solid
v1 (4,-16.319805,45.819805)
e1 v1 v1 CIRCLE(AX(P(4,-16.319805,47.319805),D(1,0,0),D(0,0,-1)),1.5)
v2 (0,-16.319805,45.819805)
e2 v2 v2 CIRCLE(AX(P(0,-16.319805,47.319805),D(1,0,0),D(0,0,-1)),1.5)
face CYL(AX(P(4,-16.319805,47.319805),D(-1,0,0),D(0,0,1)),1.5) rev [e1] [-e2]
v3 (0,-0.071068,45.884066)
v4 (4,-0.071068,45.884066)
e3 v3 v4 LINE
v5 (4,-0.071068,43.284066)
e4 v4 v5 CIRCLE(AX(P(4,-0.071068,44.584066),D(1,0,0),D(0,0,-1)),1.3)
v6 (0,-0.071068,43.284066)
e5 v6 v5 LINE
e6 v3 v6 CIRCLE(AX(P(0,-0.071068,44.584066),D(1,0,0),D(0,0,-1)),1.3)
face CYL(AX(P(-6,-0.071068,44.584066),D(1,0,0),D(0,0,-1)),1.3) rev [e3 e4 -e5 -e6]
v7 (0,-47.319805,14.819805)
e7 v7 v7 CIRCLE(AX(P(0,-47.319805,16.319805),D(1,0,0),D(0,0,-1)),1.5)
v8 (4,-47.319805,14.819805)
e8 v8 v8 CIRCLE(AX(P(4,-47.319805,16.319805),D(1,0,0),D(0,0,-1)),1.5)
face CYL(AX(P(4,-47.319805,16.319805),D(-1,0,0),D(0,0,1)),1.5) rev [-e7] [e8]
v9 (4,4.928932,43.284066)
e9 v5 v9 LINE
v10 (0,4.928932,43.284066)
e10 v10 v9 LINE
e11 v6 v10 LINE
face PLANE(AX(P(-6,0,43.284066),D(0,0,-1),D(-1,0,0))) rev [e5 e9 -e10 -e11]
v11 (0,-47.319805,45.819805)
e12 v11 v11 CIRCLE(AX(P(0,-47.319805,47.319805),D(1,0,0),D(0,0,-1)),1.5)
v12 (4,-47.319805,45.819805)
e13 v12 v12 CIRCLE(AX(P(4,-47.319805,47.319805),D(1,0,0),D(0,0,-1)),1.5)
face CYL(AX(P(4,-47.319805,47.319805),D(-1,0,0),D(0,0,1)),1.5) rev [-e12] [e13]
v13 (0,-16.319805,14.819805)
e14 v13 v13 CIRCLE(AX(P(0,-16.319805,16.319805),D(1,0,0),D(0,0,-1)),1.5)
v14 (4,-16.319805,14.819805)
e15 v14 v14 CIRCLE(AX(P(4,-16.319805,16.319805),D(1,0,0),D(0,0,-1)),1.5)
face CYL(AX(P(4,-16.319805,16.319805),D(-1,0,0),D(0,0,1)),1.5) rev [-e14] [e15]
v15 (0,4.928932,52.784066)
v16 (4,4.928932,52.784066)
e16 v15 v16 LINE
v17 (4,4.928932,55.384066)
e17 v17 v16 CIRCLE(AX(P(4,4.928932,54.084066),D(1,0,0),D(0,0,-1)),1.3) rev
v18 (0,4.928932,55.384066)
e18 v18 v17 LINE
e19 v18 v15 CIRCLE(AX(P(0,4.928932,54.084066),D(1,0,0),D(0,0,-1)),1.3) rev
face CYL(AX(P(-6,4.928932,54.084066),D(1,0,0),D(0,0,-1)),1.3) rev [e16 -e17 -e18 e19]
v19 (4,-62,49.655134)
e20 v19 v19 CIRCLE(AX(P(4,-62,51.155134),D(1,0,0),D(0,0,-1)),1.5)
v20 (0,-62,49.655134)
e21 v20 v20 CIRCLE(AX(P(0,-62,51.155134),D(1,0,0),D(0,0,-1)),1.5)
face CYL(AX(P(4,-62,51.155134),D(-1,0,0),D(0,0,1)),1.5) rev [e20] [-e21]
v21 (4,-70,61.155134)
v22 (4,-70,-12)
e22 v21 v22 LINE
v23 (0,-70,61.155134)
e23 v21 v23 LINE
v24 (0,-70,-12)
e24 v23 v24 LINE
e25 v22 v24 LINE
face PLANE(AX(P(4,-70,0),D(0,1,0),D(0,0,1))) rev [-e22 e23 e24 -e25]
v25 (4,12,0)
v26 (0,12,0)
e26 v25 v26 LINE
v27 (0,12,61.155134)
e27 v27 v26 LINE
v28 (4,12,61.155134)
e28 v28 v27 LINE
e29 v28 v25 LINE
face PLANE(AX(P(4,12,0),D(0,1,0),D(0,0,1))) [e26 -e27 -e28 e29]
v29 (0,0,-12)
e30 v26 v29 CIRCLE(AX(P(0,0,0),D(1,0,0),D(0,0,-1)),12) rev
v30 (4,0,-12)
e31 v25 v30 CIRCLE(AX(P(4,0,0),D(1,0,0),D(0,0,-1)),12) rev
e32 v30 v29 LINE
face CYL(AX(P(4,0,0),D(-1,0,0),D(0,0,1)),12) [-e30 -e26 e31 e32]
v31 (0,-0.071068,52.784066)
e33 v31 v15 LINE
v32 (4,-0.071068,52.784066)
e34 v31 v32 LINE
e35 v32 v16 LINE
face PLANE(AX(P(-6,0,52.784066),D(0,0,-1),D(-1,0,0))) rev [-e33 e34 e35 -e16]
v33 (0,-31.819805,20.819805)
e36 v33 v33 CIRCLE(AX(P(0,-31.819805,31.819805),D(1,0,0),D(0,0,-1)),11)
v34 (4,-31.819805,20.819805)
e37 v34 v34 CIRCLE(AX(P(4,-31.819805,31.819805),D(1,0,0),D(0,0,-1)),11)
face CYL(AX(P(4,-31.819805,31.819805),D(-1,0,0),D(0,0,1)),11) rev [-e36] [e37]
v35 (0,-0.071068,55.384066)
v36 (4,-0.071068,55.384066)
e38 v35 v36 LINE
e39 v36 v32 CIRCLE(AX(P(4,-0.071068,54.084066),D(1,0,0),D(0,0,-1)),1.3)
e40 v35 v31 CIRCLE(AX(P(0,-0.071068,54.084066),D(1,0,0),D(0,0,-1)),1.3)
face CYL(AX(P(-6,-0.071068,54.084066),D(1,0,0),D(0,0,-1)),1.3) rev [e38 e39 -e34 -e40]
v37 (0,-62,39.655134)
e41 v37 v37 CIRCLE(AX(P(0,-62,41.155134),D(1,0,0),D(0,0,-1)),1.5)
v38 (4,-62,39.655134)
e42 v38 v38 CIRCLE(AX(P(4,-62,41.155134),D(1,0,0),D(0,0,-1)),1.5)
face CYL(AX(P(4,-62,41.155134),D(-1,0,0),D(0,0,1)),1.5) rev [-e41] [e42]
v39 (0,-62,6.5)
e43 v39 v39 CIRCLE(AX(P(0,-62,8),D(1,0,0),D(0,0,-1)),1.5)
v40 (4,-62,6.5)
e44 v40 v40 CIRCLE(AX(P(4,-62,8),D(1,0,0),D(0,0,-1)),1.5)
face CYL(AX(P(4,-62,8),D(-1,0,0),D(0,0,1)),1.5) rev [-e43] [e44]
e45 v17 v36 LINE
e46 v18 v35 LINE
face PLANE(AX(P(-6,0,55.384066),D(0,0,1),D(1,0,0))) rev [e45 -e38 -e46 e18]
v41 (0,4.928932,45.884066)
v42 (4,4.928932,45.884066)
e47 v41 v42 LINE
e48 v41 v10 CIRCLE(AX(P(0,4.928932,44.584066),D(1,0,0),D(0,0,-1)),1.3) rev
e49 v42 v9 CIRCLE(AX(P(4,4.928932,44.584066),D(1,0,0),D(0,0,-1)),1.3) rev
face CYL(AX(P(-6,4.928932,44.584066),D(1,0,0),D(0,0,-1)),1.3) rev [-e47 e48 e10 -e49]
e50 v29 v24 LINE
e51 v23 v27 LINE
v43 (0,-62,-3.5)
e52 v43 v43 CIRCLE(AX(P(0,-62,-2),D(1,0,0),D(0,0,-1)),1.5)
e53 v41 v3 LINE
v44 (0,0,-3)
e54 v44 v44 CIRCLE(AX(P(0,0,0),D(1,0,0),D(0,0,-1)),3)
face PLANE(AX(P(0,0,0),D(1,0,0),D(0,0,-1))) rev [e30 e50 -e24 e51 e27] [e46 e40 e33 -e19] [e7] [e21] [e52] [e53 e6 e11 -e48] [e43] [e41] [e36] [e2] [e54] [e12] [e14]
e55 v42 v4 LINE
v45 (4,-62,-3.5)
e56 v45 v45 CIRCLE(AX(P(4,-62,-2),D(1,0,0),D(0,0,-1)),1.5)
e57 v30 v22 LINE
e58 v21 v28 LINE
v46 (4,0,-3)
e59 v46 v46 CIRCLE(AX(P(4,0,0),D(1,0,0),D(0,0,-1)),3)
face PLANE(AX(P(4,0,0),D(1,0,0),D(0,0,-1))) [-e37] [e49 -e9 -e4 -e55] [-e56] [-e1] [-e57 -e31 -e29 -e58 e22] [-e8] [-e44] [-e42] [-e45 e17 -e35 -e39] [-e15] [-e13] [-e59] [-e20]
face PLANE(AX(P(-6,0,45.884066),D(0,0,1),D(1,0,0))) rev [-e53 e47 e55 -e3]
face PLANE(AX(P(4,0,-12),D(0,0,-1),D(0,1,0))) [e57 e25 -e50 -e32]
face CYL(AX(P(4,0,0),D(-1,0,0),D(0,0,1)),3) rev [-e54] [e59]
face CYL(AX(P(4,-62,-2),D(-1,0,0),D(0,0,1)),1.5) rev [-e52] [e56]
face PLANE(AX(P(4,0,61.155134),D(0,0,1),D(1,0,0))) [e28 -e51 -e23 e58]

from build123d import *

# Parameters (mm, degrees)
SKETCH_1_R          = 1.5
SKETCH_1_R_2        = 11
SKETCH_1_R_3        = 3
EXTRUDE_1_DEPTH     = 4
CUT_EXTRUDE_1_DEPTH = 10


with BuildPart() as part:
    # 草图1 → 凸台-拉伸1 (new body)
    with BuildSketch(Plane(origin=(0, 0, 0), x_dir=(0, 0, -1), z_dir=(1, 0, 0))):
        with BuildLine():
            Line((-61.155133648, -62), (-61.155133648, -70))
            Line((-61.155133648, -70), (12, -70))
            Line((12, -70), (12, -62))
            Line((12, -62), (12, 0))
            ThreePointArc((12, 0), (10.643645992, 5.541913027), (6.8812, 9.83102673))
            ThreePointArc((6.8812, 9.83102673), (3.607469975, 11.44491854), (0, 12))
            Line((0, 12), (-61.155133648, 12))
            Line((-61.155133648, 12), (-61.155133648, -62))
        make_face()
        with Locations((-51.155133648, -62)):
            Circle(SKETCH_1_R, mode=Mode.SUBTRACT)
        with Locations((-41.155133648, -62)):
            Circle(SKETCH_1_R, mode=Mode.SUBTRACT)
        with Locations((-47.319805147, -47.319805147)):
            Circle(SKETCH_1_R, mode=Mode.SUBTRACT)
        with Locations((-31.819805153, -31.819805153)):
            Circle(SKETCH_1_R_2, mode=Mode.SUBTRACT)
        with Locations((-8, -62)):
            Circle(SKETCH_1_R, mode=Mode.SUBTRACT)
        with Locations((2, -62)):
            Circle(SKETCH_1_R, mode=Mode.SUBTRACT)
        with Locations((-16.319805153, -47.319805147)):
            Circle(SKETCH_1_R, mode=Mode.SUBTRACT)
        with Locations((-47.319805147, -16.319805153)):
            Circle(SKETCH_1_R, mode=Mode.SUBTRACT)
        with Locations((-16.319805153, -16.319805153)):
            Circle(SKETCH_1_R, mode=Mode.SUBTRACT)
        Circle(SKETCH_1_R_3, mode=Mode.SUBTRACT)
    extrude(amount=EXTRUDE_1_DEPTH)

    # 草图2 → 切除-拉伸1 (cut)
    with BuildSketch(Plane(origin=(4, 0, 0), x_dir=(0, 0, -1), z_dir=(1, 0, 0))):
        with BuildLine():
            Line((-55.384065837, 4.928932188), (-55.384065837, -0.071067812))
            ThreePointArc((-55.384065837, -0.071067812), (-54.084065837, -1.371067812), (-52.784065837, -0.071067812))
            Line((-52.784065837, -0.071067812), (-52.784065837, 4.928932188))
            ThreePointArc((-52.784065837, 4.928932188), (-54.084065837, 6.228932188), (-55.384065837, 4.928932188))
        make_face()
        with BuildLine():
            Line((-45.884065837, 4.928932188), (-45.884065837, -0.071067812))
            ThreePointArc((-45.884065837, -0.071067812), (-44.584065837, -1.371067812), (-43.284065837, -0.071067812))
            Line((-43.284065837, -0.071067812), (-43.284065837, 4.928932188))
            ThreePointArc((-43.284065837, 4.928932188), (-44.584065837, 6.228932188), (-45.884065837, 4.928932188))
        make_face()
    extrude(amount=-CUT_EXTRUDE_1_DEPTH, mode=Mode.SUBTRACT)


solid = part.part
